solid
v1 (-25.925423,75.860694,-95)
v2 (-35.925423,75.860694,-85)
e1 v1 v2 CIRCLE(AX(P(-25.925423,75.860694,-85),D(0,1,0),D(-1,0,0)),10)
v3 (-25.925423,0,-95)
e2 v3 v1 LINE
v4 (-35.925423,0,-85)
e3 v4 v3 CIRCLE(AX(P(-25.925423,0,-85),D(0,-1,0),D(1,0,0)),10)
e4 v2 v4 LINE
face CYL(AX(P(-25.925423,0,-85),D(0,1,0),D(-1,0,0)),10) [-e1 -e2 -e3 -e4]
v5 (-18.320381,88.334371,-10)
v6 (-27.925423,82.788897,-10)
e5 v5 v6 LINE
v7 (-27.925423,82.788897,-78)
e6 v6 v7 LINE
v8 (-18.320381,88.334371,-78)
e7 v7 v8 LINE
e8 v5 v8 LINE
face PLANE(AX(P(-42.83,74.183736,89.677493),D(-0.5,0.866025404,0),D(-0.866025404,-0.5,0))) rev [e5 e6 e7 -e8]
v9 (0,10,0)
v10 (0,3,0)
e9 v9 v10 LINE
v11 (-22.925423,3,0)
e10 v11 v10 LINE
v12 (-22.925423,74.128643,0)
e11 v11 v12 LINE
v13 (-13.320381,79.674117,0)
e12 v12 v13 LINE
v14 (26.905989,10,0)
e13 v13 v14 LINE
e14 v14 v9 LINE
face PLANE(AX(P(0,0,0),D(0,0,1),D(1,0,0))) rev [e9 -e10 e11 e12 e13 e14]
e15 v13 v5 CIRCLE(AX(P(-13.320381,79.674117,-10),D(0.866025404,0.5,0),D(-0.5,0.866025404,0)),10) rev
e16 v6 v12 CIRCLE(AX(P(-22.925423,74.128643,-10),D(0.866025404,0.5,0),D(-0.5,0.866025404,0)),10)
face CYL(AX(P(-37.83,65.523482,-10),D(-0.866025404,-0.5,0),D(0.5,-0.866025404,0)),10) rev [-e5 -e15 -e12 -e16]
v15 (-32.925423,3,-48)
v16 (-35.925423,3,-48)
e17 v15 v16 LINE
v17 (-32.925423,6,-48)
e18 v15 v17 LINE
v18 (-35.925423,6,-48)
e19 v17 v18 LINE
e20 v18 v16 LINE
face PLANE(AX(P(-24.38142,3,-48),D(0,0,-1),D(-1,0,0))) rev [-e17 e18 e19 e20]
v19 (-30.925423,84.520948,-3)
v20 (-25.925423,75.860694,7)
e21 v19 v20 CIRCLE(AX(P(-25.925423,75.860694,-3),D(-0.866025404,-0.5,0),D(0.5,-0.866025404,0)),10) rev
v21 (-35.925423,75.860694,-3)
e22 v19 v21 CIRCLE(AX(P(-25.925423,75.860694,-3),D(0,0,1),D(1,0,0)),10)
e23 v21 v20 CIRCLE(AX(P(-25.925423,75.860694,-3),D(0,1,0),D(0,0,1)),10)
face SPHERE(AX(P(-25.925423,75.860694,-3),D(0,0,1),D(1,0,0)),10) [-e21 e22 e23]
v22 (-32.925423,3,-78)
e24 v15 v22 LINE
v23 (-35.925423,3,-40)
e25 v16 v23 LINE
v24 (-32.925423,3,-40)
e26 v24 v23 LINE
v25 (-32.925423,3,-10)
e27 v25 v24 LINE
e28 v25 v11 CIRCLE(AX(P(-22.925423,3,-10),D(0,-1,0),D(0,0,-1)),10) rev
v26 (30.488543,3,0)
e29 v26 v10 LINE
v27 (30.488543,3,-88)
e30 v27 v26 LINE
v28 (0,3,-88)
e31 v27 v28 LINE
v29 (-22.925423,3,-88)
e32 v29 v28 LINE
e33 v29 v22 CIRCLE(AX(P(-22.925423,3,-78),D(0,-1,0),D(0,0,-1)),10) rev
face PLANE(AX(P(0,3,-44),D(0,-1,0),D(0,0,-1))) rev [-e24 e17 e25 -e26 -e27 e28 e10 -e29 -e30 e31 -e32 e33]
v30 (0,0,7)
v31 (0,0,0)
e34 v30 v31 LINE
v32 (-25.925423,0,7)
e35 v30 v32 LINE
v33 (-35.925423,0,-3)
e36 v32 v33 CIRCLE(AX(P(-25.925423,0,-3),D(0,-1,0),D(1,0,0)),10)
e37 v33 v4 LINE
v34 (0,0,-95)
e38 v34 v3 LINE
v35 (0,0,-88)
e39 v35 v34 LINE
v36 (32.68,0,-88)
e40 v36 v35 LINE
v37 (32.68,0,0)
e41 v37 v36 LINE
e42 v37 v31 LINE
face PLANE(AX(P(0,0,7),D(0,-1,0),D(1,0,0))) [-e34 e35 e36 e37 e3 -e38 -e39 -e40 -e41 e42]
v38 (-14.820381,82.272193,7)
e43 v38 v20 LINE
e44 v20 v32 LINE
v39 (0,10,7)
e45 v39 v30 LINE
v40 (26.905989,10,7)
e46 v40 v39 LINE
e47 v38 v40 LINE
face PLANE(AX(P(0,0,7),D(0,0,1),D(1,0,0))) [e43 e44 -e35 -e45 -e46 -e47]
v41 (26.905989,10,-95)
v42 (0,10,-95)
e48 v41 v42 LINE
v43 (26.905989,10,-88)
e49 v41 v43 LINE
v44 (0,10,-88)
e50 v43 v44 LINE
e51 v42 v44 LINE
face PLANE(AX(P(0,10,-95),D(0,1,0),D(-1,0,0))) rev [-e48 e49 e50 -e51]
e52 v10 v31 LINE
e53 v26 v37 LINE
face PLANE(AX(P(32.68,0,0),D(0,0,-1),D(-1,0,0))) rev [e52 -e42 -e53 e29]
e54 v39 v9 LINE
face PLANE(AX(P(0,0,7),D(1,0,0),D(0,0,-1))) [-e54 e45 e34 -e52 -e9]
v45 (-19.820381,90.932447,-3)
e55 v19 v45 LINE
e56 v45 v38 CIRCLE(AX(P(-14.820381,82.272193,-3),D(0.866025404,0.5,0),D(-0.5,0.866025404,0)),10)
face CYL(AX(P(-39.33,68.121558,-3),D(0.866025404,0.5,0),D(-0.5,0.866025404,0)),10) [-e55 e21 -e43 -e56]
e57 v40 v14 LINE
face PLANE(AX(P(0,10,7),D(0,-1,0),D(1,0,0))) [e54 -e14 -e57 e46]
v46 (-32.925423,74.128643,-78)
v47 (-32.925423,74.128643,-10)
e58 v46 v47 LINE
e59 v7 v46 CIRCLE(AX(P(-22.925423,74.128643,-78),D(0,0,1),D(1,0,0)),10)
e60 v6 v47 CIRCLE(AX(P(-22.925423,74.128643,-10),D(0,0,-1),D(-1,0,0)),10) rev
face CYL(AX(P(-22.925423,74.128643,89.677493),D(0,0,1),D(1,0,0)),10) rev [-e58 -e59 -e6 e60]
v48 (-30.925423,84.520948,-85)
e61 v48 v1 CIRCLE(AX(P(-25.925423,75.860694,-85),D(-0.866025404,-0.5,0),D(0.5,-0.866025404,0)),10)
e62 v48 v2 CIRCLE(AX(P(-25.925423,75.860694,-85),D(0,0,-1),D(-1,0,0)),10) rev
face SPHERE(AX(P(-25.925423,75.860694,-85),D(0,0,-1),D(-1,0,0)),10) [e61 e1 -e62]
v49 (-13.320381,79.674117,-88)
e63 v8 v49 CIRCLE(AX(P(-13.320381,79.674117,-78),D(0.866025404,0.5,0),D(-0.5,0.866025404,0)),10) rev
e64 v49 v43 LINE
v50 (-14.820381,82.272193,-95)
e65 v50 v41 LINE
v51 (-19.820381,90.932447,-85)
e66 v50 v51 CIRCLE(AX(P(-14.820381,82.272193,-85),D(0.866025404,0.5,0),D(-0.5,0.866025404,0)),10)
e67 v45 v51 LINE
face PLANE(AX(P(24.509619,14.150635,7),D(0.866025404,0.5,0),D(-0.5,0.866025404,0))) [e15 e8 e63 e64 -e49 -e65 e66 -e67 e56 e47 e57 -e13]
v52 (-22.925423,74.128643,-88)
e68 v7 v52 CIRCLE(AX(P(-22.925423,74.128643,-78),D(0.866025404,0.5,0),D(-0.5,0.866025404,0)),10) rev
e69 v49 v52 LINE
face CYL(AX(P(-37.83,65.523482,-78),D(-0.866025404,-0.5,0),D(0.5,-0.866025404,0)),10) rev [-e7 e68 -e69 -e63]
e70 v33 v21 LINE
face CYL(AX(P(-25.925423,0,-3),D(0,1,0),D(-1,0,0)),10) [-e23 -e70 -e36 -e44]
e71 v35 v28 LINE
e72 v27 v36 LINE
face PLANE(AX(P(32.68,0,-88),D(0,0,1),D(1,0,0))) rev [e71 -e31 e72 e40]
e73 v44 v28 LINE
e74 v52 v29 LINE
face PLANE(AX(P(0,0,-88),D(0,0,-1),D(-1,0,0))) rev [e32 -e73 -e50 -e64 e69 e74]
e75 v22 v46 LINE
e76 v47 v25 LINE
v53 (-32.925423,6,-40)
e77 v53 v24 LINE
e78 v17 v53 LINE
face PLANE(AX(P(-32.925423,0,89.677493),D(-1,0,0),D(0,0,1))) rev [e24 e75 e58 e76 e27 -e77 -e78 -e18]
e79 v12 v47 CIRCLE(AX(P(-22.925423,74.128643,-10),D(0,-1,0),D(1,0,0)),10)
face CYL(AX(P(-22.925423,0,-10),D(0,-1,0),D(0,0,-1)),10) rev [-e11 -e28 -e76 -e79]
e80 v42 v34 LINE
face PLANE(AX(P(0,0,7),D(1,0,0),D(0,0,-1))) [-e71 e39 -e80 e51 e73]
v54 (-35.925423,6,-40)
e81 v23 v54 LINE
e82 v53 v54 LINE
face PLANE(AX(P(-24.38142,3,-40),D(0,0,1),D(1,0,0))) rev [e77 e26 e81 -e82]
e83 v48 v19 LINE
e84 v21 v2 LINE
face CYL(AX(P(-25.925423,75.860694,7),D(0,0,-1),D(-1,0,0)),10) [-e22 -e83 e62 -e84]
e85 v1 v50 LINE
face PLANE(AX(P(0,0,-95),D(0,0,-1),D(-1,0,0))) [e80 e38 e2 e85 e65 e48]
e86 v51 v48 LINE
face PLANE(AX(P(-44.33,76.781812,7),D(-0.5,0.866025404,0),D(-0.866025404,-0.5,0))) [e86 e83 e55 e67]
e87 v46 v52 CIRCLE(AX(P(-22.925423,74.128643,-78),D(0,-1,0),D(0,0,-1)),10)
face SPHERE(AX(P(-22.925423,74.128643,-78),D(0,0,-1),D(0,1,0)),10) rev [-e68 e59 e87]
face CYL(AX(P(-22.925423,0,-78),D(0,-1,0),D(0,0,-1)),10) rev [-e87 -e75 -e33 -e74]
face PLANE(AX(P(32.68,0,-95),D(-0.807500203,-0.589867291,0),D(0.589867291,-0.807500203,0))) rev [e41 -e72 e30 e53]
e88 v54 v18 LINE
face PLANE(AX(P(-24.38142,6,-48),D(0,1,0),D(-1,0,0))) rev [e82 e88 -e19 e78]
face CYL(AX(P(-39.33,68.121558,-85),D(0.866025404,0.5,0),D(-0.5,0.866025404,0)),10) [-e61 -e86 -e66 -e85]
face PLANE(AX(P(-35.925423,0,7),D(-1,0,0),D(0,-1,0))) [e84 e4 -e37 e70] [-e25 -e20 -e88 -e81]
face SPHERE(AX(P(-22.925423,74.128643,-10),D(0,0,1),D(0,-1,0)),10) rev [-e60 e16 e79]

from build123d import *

# Parameters (mm, degrees)
AUFSATZ_LINEAR_AUSTRAGEN1_DEPTH = 7
SKIZZE2_W                       = 35.92542340335845
SKIZZE2_H                       = 3
AUFSATZ_LINEAR_AUSTRAGEN2_DEPTH = 44
SKIZZE4_W                       = 35.92542340335845
SKIZZE4_H                       = 3
AUFSATZ_LINEAR_AUSTRAGEN3_DEPTH = 7
SKIZZE6_W                       = 88
SKIZZE6_H                       = 3
AUFSATZ_LINEAR_AUSTRAGEN4_DEPTH = 32.68
AUFSATZ_LINEAR_AUSTRAGEN5_DEPTH = 88
SKIZZE8_W                       = 8
SKIZZE8_H                       = 3.0000000000000004
SCHNITT_LINEAR_AUSTRAGEN1_DEPTH = 3
VERRUNDUNG1_R                   = 10
VERRUNDUNG2_R                   = 10
SCHNITT_LINEAR_AUSTRAGEN2_DEPTH = 137.3244146724952


with BuildPart() as part:
    # Skizze1 → Aufsatz-Linear austragen1 (new body)
    with BuildSketch(Plane.XY):
        Polygon((-35.925423403358465, 81.63419686002398), (-19.820381056767047, 90.93244739413896), (26.90598923241485, 10.000000000000005), (0, 10.000000000000002), (0, 0), (-35.92542340335845, -4.4e-15), align=None)
    extrude(amount=AUFSATZ_LINEAR_AUSTRAGEN1_DEPTH)

    # Skizze2 → Aufsatz-Linear austragen2 (add)
    with BuildSketch(Plane(origin=(0, 0, 0), x_dir=(-1, 0, 0), z_dir=(0, 0, -1))):
        with Locations((17.962711701679225, 1.5)):
            Rectangle(SKIZZE2_W, SKIZZE2_H)
    aufsatz_linear_austragen2 = extrude(amount=AUFSATZ_LINEAR_AUSTRAGEN2_DEPTH)

    # Spiegeln3: Aufsatz-Linear austragen2 across plane
    add(aufsatz_linear_austragen2.mirror(Plane(origin=(0, 0, -44), x_dir=(1, 0, 0), z_dir=(0, 0, -1))))

    # Skizze4 → Aufsatz-Linear austragen3 (add)
    with BuildSketch(Plane(origin=(0, 0, -88), x_dir=(-1, 0, 0), z_dir=(0, 0, -1))):
        Polygon((-26.905989232414854, 10.000000000000005), (0, 10.000000000000002), (0, 3), (35.92542340335845, 3), (35.925423403358465, 81.63419686002398), (19.820381056767047, 90.93244739413895), align=None)
        with Locations((17.962711701679225, 1.5)):
            Rectangle(SKIZZE4_W, SKIZZE4_H)
    extrude(amount=AUFSATZ_LINEAR_AUSTRAGEN3_DEPTH)

    # Skizze6 → Aufsatz-Linear austragen4 (add)
    with BuildSketch(Plane(origin=(0, 0, 0), x_dir=(0, 0, -1), z_dir=(1, 0, 0))):
        with Locations((44, 1.5)):
            Rectangle(SKIZZE6_W, SKIZZE6_H)
    extrude(amount=AUFSATZ_LINEAR_AUSTRAGEN4_DEPTH)

    # Skizze7 → Aufsatz-Linear austragen5 (add)
    with BuildSketch(Plane.XY.offset(-88)):
        Polygon((-35.92542340335845, 3), (-32.92542340335845, 3), (-32.92542340335845, 79.9021460524551), (-35.925423403358465, 78.17009524488621), align=None)
        Polygon((-35.925423403358465, 78.17009524488621), (-32.92542340335845, 79.9021460524551), (-32.92542340335845, 83.36624766759286), (-35.925423403358465, 81.63419686002398), align=None)
        Polygon((-32.92542340335845, 83.36624766759286), (-32.92542340335845, 79.9021460524551), (-18.32038105676701, 88.33437118278556), (-19.82038105676704, 90.93244739413895), align=None)
    extrude(amount=AUFSATZ_LINEAR_AUSTRAGEN5_DEPTH)

    # Skizze8 → Schnitt-Linear austragen1 (cut)
    with BuildSketch(Plane.ZY.offset(35.92542340335845)):
        with Locations((-43.99999999999999, 4.500000000000002)):
            Rectangle(SKIZZE8_W, SKIZZE8_H)
    extrude(amount=-SCHNITT_LINEAR_AUSTRAGEN1_DEPTH, mode=Mode.SUBTRACT)

    # Verrundung1
    verrundung1_edges = [part.edges().sort_by_distance(p)[0] for p in [
        (-35.92542340335846, 40.81709843001198, 7),
        (-35.925423403358465, 81.63419686002398, -44),
        (-27.872902230062756, 86.28332212708148, 7),
        (-35.92542340335846, 40.81709843001199, -95),
        (-27.872902230062756, 86.28332212708146, -95),
    ]]
    fillet(verrundung1_edges, radius=VERRUNDUNG1_R)

    # Verrundung2
    verrundung2_edges = [part.edges().sort_by_distance(p)[0] for p in [
        (-32.92542340335845, 41.45107302622755, -88),
        (-32.92542340335845, 79.9021460524551, -44),
        (-25.622902230062728, 84.11825861762033, -88),
        (-32.92542340335845, 41.45107302622755, 0),
        (-25.622902230062728, 84.11825861762033, 0),
    ]]
    fillet(verrundung2_edges, radius=VERRUNDUNG2_R)

    # Skizze9 → Schnitt-Linear austragen2 (cut, through all)
    with BuildSketch(Plane.XY):
        Polygon((32.68, 0), (30.488543123002803, 3), (32.68, 3), align=None)
    extrude(amount=-SCHNITT_LINEAR_AUSTRAGEN2_DEPTH, mode=Mode.SUBTRACT)


solid = part.part
